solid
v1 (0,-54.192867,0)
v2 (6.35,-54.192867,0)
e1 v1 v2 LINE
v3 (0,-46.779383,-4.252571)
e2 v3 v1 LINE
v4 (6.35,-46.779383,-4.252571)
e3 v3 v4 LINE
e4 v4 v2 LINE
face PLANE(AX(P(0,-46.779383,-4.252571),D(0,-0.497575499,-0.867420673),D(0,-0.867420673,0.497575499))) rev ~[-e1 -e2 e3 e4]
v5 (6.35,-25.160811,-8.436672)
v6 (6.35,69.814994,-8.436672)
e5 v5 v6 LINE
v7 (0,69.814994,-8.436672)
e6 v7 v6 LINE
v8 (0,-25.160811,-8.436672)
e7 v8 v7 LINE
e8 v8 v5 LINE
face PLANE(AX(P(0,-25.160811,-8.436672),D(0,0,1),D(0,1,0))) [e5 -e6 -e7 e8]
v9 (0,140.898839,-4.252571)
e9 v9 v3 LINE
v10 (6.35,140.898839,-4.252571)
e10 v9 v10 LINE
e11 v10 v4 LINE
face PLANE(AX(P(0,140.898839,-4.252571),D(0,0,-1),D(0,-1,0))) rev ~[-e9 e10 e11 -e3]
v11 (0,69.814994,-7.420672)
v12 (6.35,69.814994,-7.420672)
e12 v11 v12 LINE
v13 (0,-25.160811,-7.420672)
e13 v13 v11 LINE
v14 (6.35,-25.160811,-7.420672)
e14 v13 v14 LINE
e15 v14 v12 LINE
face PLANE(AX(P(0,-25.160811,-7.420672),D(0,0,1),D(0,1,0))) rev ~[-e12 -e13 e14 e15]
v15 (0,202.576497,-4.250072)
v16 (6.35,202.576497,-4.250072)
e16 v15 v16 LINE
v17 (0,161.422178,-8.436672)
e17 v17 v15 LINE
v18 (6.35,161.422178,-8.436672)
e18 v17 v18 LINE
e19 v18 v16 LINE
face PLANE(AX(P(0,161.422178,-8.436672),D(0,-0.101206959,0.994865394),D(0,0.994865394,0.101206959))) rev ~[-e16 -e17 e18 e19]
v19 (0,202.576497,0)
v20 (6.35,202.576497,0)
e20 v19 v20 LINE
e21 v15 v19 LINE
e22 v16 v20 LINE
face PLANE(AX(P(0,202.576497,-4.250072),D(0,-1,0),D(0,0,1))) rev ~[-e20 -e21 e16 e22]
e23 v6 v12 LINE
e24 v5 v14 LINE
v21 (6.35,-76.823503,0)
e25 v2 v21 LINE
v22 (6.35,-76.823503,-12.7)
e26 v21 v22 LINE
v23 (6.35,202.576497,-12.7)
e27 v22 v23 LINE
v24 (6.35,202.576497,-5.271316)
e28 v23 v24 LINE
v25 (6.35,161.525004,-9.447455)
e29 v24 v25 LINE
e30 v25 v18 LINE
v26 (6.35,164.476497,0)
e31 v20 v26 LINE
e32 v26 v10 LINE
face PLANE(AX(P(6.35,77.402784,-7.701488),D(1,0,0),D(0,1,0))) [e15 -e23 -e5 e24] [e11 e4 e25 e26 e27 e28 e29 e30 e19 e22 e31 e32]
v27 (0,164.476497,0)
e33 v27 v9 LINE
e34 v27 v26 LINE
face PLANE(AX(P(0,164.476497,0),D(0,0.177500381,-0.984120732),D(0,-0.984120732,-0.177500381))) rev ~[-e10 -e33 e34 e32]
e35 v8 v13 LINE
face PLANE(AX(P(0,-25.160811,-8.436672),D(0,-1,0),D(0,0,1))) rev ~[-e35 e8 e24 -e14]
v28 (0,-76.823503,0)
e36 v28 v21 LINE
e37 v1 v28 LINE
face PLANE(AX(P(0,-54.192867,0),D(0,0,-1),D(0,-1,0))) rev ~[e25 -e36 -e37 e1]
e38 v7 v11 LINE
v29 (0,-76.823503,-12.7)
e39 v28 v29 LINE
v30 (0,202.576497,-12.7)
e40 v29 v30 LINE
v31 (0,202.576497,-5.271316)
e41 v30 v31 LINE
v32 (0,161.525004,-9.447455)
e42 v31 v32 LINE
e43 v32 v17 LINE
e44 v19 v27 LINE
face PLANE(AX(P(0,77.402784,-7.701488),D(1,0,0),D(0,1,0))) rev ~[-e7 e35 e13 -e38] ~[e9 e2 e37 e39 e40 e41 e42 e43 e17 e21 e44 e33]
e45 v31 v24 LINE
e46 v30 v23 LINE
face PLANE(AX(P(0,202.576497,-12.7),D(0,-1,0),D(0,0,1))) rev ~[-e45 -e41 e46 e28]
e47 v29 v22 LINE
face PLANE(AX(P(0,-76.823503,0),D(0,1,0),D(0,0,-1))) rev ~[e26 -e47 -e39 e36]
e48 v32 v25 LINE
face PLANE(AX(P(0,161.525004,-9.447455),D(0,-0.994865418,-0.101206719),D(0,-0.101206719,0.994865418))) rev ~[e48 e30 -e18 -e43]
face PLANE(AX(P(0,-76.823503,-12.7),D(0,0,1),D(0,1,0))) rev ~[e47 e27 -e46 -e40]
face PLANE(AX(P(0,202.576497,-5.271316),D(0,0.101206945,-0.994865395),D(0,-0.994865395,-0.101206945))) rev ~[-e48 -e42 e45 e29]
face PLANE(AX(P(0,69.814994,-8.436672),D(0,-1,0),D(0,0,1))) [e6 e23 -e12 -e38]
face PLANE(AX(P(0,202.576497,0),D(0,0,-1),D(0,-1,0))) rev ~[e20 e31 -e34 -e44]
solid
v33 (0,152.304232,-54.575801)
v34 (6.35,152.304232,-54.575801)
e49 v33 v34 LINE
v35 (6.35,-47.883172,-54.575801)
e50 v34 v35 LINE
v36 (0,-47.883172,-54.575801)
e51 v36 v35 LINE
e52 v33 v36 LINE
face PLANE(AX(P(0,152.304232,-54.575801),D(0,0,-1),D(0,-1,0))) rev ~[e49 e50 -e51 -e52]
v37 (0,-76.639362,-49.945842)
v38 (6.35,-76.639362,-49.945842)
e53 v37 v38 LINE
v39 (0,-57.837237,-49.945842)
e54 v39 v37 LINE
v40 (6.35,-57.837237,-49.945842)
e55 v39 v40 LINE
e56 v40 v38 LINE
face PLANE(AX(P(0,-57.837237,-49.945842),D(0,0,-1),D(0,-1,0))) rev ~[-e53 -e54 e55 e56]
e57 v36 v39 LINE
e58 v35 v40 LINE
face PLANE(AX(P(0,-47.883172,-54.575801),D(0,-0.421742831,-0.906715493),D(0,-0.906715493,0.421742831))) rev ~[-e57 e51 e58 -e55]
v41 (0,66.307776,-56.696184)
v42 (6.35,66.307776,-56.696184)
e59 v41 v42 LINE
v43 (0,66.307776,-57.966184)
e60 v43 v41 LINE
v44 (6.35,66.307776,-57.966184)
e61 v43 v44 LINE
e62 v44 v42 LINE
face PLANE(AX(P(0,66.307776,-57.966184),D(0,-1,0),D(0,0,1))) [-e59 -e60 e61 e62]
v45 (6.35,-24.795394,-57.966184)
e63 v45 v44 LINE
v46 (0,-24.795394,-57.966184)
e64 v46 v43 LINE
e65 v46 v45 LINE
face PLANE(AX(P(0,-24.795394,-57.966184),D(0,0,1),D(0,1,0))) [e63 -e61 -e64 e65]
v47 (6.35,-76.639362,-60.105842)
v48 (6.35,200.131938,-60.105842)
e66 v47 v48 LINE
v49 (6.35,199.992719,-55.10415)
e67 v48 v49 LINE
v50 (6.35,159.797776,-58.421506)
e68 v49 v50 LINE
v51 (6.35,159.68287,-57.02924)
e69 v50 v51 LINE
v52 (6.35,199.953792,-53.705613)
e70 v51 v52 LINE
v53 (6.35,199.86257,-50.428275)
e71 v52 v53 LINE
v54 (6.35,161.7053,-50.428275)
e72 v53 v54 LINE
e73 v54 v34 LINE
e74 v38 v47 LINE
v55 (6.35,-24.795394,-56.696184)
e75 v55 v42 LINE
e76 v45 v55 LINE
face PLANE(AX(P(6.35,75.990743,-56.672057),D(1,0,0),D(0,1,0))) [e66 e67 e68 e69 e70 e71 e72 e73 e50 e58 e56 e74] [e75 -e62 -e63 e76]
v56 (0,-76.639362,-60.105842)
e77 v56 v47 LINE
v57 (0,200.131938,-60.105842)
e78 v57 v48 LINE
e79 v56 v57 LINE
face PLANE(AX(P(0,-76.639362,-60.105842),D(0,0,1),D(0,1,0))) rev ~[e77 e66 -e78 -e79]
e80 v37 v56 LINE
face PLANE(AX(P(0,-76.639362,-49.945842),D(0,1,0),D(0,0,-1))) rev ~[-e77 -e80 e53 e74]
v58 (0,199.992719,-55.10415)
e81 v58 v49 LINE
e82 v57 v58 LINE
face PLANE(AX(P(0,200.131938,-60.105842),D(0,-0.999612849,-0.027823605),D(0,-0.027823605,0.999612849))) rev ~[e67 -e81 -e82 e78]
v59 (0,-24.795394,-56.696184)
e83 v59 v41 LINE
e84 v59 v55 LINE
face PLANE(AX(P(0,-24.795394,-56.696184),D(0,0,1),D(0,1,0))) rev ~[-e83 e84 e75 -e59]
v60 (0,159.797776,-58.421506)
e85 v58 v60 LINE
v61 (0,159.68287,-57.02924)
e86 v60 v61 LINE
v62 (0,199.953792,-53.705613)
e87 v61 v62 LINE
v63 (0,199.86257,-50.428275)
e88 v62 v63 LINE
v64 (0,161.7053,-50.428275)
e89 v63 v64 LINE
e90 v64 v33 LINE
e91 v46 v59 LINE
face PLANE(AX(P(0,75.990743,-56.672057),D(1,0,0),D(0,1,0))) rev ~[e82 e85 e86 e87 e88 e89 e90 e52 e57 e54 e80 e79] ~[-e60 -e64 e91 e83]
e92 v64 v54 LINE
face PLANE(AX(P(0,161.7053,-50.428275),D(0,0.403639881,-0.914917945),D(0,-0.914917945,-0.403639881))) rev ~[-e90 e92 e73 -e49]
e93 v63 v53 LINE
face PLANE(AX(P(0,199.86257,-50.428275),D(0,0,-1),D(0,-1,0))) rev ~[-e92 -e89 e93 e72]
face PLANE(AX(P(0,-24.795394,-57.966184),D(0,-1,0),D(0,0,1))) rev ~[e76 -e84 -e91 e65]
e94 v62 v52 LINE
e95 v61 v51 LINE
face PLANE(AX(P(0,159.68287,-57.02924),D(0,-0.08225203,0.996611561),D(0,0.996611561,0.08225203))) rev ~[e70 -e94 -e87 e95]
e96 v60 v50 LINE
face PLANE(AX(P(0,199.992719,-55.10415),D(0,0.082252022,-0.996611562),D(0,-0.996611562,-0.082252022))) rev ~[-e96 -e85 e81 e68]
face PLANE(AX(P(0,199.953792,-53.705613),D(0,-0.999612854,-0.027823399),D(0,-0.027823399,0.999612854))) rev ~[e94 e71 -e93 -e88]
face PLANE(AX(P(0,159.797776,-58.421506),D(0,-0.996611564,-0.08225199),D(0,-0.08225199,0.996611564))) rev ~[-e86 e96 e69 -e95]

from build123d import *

# Parameters (mm, degrees)
F0_W     = 91.10317
F0_H     = 1.27
F1_DEPTH = 6.35
F2_W     = 94.975805
F2_H     = 1.016
F3_DEPTH = 6.35


with BuildPart() as f1:
    # F0 (on Right) → F1 (new body)
    with BuildSketch(Plane.YZ):
        Polygon((-76.639362, -49.945842), (-76.639362, -60.105842), (200.131938, -60.105842), (199.992719, -55.10415), (159.797776, -58.421506), (159.68287, -57.02924), (199.953792, -53.705613), (199.86257, -50.428275), (161.7053, -50.428275), (152.304232, -54.575801), (-47.883172, -54.575801), (-57.837237, -49.945842), align=None)
        with Locations((20.756191, -57.331184)):
            Rectangle(F0_W, F0_H, mode=Mode.SUBTRACT)
    extrude(amount=F1_DEPTH)


with BuildPart() as f3:
    # F2 (on Right) → F3 (new body)
    with BuildSketch(Plane.YZ):
        Polygon((-54.192867, 0), (-76.823503, 0), (-76.823503, -12.7), (202.576497, -12.7), (202.576497, -5.271316), (161.525004, -9.447455), (161.422178, -8.436672), (202.576497, -4.250072), (202.576497, 0), (164.476497, 0), (140.898839, -4.252571), (-46.779383, -4.252571), align=None)
        with Locations((22.327092, -7.928672)):
            Rectangle(F2_W, F2_H, mode=Mode.SUBTRACT)
    extrude(amount=F3_DEPTH)


solid = Compound([f1.part, f3.part])
